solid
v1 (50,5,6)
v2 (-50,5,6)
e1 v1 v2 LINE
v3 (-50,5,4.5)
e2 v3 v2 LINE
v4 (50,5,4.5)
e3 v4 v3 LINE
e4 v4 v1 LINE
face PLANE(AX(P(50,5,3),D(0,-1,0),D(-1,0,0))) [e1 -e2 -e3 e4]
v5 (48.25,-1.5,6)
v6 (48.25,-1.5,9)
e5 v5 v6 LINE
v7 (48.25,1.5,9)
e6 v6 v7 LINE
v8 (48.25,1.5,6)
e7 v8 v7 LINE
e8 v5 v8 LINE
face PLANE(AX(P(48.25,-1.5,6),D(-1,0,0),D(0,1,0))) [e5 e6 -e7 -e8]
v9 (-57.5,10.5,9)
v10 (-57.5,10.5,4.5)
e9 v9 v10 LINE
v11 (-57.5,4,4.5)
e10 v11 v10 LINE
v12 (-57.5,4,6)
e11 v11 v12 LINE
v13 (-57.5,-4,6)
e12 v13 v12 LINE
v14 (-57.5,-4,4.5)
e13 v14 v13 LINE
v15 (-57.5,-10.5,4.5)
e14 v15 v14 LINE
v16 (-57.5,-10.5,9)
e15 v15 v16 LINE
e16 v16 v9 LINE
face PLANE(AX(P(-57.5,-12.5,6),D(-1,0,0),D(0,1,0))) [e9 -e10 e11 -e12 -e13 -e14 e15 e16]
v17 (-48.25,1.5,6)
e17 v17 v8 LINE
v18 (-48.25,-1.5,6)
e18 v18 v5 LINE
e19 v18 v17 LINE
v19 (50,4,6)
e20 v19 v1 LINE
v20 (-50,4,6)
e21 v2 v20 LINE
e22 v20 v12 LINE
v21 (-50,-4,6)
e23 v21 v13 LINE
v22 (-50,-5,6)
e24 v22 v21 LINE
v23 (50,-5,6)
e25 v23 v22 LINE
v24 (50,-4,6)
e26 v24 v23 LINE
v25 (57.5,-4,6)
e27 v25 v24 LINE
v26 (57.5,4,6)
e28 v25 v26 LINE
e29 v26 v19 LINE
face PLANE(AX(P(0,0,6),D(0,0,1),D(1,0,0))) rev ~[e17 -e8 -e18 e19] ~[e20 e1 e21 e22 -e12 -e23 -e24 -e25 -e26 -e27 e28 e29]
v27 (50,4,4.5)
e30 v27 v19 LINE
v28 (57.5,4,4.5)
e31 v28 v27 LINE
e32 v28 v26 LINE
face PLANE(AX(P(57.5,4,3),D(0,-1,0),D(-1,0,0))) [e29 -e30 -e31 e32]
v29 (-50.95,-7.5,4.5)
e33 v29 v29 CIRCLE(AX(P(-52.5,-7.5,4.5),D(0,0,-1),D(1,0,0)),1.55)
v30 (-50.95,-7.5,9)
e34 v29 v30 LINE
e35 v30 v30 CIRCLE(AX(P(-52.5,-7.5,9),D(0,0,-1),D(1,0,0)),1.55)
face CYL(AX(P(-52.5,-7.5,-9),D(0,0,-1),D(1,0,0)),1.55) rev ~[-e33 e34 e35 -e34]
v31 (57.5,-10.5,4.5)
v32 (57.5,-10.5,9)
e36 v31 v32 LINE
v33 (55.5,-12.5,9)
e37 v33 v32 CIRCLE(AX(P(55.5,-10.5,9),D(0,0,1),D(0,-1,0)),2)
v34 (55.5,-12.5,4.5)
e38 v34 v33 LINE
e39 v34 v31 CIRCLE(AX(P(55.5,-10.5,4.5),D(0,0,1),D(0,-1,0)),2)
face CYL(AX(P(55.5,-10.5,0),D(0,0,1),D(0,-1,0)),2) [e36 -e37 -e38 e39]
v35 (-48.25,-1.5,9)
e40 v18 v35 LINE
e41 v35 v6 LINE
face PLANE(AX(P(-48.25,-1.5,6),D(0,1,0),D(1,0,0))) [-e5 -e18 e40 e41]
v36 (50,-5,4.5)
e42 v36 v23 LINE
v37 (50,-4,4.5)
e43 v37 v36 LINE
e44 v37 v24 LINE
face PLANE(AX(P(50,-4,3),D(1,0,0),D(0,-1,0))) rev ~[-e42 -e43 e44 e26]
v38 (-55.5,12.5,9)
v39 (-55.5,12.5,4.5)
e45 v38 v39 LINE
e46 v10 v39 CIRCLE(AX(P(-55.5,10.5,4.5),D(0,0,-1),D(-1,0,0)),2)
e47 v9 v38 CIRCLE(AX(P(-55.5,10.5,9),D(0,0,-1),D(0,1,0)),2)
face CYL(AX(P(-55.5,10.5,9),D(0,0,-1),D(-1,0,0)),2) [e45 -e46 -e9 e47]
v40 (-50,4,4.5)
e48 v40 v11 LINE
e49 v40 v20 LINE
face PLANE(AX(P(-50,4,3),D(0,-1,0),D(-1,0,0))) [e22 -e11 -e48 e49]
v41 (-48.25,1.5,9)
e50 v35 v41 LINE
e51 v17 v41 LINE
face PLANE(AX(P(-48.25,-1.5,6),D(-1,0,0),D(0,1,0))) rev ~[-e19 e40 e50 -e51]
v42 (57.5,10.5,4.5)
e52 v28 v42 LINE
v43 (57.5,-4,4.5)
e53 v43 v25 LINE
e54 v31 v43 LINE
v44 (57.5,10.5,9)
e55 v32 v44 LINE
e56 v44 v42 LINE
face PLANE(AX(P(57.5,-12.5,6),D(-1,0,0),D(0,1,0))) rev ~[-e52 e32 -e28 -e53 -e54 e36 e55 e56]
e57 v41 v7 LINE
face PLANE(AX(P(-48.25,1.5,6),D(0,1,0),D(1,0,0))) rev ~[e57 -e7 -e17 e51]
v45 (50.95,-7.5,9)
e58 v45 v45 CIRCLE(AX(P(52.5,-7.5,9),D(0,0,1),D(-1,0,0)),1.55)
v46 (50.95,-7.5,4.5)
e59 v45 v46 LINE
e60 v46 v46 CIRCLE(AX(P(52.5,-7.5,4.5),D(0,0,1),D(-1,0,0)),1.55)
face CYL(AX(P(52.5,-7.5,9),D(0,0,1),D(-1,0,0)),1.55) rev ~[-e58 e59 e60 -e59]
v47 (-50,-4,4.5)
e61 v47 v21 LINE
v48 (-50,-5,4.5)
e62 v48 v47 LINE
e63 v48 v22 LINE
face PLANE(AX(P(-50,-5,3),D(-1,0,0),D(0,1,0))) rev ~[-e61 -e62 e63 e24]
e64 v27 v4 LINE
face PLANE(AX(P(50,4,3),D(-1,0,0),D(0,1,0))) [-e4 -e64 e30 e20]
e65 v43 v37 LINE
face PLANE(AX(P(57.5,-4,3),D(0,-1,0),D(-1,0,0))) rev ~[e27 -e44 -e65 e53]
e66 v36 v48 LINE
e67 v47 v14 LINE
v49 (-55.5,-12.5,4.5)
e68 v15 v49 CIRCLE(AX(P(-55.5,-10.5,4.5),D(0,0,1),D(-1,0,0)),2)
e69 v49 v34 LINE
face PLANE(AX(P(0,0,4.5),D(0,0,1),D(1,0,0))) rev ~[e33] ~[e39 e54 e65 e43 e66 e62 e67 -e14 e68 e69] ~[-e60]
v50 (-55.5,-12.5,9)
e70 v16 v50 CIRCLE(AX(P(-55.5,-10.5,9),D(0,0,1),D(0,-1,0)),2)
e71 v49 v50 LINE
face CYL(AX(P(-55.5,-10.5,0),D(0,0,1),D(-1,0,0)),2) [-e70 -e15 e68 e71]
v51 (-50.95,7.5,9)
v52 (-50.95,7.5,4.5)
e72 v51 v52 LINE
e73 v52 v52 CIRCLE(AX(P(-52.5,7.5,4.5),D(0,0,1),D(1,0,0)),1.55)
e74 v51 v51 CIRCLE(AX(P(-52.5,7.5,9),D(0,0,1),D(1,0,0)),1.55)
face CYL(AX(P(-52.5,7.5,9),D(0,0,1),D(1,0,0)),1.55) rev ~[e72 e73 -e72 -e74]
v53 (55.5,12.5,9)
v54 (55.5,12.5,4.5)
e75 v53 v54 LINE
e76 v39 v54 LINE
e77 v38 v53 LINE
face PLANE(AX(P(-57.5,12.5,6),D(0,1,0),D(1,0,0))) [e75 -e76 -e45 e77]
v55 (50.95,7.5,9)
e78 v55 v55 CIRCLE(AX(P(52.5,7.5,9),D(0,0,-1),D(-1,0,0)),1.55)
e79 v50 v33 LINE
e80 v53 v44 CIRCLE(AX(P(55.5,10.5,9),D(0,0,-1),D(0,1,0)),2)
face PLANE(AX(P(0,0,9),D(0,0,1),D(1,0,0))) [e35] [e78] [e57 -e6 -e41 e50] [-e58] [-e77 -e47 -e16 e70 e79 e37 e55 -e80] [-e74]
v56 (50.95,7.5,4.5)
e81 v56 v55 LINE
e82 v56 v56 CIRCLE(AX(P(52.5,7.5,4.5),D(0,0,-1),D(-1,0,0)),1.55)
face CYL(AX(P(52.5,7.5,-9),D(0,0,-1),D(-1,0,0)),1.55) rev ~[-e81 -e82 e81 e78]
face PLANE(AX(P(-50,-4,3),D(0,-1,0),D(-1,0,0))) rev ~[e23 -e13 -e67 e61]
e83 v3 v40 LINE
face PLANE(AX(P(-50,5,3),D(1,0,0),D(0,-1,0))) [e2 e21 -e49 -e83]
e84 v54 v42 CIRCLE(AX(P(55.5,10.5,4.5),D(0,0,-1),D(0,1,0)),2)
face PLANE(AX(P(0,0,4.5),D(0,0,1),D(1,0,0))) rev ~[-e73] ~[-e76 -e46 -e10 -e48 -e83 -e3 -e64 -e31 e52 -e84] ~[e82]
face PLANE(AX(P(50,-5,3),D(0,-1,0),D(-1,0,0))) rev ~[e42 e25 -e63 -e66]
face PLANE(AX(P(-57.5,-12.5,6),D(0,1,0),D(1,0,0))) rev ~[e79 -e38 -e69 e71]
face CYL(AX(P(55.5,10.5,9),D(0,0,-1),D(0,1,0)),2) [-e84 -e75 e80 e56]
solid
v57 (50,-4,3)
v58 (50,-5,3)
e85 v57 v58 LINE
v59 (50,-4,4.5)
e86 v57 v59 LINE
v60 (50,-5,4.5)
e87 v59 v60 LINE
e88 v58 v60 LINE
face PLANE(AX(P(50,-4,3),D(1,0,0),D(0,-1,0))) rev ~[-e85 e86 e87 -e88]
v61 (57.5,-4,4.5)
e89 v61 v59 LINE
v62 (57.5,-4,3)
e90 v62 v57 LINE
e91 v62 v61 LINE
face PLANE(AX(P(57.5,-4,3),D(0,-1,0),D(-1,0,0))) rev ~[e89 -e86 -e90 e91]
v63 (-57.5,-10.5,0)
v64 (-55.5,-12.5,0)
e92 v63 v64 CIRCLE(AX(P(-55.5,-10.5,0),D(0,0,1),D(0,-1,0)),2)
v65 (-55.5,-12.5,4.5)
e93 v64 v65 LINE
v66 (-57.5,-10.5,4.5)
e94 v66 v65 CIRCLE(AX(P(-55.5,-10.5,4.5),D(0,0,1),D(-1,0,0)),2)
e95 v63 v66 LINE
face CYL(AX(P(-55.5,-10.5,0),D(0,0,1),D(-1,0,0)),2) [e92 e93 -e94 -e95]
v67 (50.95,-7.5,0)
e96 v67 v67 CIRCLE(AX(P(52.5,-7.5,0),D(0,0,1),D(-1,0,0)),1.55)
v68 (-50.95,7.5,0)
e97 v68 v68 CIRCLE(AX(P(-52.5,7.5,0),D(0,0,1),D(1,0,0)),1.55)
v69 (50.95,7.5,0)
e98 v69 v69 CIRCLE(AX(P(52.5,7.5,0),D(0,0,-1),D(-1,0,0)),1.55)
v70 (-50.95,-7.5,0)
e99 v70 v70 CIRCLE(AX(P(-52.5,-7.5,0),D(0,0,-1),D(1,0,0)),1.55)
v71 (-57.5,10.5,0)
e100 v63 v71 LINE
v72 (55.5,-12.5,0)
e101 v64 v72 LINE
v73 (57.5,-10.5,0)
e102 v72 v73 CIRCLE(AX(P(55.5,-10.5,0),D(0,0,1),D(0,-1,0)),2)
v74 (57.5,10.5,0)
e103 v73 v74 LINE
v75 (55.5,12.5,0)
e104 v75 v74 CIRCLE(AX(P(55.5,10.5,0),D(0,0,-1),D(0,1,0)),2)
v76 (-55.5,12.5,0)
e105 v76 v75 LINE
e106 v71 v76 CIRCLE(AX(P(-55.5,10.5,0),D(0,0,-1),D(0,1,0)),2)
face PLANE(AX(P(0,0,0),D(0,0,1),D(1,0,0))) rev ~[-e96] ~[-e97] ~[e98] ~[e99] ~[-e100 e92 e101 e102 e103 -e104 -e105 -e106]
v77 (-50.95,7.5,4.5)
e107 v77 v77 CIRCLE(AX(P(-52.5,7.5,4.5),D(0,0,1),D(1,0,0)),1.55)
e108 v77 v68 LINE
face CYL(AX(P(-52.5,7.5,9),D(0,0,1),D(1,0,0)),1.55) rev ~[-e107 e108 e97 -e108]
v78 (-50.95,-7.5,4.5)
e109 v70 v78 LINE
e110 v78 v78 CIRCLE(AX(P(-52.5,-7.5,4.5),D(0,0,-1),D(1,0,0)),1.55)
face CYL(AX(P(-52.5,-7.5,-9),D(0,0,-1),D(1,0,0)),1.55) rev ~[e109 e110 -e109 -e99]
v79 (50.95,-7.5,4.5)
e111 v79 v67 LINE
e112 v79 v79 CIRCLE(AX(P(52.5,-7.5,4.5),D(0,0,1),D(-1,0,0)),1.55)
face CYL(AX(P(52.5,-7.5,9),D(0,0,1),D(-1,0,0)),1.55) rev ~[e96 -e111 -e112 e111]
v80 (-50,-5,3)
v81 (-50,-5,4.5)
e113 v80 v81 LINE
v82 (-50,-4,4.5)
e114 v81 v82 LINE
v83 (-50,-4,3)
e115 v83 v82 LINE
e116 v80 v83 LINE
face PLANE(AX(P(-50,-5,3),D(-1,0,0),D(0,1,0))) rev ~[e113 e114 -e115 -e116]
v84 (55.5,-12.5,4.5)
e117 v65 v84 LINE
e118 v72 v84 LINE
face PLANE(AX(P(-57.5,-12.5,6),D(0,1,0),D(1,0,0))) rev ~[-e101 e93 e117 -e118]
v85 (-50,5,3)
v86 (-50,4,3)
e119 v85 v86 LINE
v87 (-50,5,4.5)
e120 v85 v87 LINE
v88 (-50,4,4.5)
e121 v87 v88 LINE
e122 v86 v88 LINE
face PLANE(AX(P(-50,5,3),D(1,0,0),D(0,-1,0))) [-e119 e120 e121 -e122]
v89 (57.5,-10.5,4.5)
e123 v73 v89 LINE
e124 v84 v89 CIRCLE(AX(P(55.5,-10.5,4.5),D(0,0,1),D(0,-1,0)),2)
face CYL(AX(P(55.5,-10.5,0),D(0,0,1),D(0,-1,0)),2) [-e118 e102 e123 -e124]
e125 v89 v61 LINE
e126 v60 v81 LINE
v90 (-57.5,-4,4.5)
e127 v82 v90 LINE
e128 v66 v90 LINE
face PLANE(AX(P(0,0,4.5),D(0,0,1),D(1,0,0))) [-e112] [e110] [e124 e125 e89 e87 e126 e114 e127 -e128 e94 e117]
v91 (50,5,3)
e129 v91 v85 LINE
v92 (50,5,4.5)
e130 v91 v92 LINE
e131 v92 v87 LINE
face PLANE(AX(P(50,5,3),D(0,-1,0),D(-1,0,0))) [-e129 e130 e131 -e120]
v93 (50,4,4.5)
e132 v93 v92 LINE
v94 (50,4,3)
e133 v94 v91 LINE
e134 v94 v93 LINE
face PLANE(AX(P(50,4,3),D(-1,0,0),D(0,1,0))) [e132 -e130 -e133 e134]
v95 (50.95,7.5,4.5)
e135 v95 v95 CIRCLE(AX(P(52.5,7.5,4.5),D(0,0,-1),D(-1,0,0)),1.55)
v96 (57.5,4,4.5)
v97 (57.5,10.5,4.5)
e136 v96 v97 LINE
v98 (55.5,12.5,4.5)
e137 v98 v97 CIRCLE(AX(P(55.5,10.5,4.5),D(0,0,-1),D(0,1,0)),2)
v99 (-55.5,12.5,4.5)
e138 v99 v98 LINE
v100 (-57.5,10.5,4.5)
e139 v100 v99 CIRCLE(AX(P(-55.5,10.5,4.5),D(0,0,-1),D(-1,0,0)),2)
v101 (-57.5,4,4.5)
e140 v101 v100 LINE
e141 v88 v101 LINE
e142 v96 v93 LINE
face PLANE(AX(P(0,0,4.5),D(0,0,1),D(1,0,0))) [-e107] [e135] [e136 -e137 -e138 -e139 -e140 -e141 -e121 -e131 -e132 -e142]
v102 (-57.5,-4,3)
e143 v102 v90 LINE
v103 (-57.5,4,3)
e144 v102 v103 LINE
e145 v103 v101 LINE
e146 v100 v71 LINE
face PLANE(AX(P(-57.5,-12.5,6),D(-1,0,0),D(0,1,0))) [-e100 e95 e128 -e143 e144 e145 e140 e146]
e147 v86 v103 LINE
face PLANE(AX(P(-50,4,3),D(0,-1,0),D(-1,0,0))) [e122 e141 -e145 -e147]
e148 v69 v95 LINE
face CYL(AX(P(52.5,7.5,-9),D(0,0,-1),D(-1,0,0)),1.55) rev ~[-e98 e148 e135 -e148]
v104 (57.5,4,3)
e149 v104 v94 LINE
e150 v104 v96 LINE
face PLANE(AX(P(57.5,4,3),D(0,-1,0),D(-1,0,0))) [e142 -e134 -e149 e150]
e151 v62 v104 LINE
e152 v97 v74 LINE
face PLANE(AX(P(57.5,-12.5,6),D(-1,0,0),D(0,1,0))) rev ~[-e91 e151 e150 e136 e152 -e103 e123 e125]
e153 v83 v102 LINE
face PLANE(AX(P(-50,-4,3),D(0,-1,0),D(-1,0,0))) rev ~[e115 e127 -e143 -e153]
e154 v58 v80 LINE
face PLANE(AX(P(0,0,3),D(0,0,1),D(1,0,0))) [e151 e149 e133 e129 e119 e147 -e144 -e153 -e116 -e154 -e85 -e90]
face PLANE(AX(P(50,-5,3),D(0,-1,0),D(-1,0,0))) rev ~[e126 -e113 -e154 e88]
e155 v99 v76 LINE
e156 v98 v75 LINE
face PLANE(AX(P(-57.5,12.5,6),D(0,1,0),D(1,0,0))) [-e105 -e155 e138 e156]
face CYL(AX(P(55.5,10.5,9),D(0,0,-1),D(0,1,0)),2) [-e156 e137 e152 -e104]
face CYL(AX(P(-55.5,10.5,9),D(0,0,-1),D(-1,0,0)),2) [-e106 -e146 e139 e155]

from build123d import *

# Parameters (mm, degrees)
BOX_BOTTOM_HALF_0_W     = 117
BOX_BOTTOM_HALF_0_H     = 27
BOX_BOTTOM_HALF_0_DEPTH = 5.5
SKETCH_W                = 115
SKETCH_H                = 25
PAD_DEPTH               = 3
PAD001_DEPTH            = 3
SKETCH002_W             = 115
SKETCH002_H             = 25
SKETCH002_W_2           = 96.5
SKETCH002_H_2           = 3
PAD002_DEPTH            = 3
SKETCH003_R             = 1.55
POCKET_DEPTH            = 245.060315
POLARPATTERN_COUNT      = 2
POLARPATTERN001_COUNT   = 2
POLARPATTERN002_COUNT   = 2
FILLET_R                = 2


with BuildPart() as box_bottom_half_0_body:
    # box_bottom_half_0 → box_bottom_half_0 (new body)
    with BuildSketch(Plane(origin=(-58.5, -13.5, -1), x_dir=(1, 0, 0), z_dir=(0, 0, 1))):
        with Locations((58.5, 13.5)):
            Rectangle(BOX_BOTTOM_HALF_0_W, BOX_BOTTOM_HALF_0_H)
    extrude(amount=BOX_BOTTOM_HALF_0_DEPTH)


with BuildPart() as body:
    # Sketch → Pad (new body)
    with BuildSketch(Plane.XY):
        Rectangle(SKETCH_W, SKETCH_H)
    extrude(amount=PAD_DEPTH)

    # Sketch001 (on Face6 of Pad) → Pad001 (join)
    with BuildSketch(Plane.XY.offset(3)):
        Polygon((-57.5, 12.5), (57.5, 12.5), (57.5, 4), (50, 4), (50, 5), (-50, 5), (-50, 4), (-57.5, 4), align=None)
        Polygon((-57.5, -12.5), (57.5, -12.5), (57.5, -4), (50, -4), (50, -5), (-50, -5), (-50, -4), (-57.5, -4), align=None)
    extrude(amount=PAD001_DEPTH)

    # Sketch002 (on Face12 of Pad001) → Pad002 (join)
    with BuildSketch(Plane.XY.offset(6)):
        Rectangle(SKETCH002_W, SKETCH002_H)
        Rectangle(SKETCH002_W_2, SKETCH002_H_2, mode=Mode.SUBTRACT)
    extrude(amount=PAD002_DEPTH)

    # Sketch003 (on Face26 of Pad002) → Pocket (cut, through all)
    with BuildSketch(Plane.XY.offset(9)):
        with Locations((-52.5, 7.5)):
            Circle(SKETCH003_R)
    pocket = extrude(amount=-POCKET_DEPTH, mode=Mode.SUBTRACT)

    # PolarPattern: Pocket ×2 about axis
    polarpattern_axis = Axis((0, 0, 0), (0, 1, 0))
    for i in range(1, POLARPATTERN_COUNT):
        add(pocket.rotate(polarpattern_axis, i * 360 / POLARPATTERN_COUNT), mode=Mode.SUBTRACT)

    # PolarPattern001: Pocket ×2 about axis
    polarpattern001_axis = Axis((0, 0, 0), (1, 0, 0))
    for i in range(1, POLARPATTERN001_COUNT):
        add(pocket.rotate(polarpattern001_axis, i * 360 / POLARPATTERN001_COUNT), mode=Mode.SUBTRACT)

    # PolarPattern002: Pocket ×2 about axis
    polarpattern002_axis = Axis((0, 0, 9), (0, 0, 1))
    for i in range(1, POLARPATTERN002_COUNT):
        add(pocket.rotate(polarpattern002_axis, i * 360 / POLARPATTERN002_COUNT), mode=Mode.SUBTRACT)

    # Fillet
    fillet_edges = [body.edges().sort_by_distance(p)[0] for p in [
        (57.5, 12.5, 7.5),
        (57.5, 12.5, 4.5),
        (57.5, 12.5, 1.5),
        (57.5, -12.5, 7.5),
        (-57.5, 12.5, 7.5),
        (-57.5, -12.5, 7.5),
    ]]
    fillet(fillet_edges, radius=FILLET_R)


with BuildPart() as bottom_half_0_body:
    # bottom_half_0 base: copy of Body
    add(body.part)

    # bottom_half_0: intersect box_bottom_half_0 body
    add(box_bottom_half_0_body.part, mode=Mode.INTERSECT)


with BuildPart() as top_half_0_body:
    # top_half_0 base: copy of Body
    add(body.part)

    # top_half_0: cut box_bottom_half_0 body
    add(box_bottom_half_0_body.part, mode=Mode.SUBTRACT)


solid = Compound([bottom_half_0_body.part, top_half_0_body.part])
